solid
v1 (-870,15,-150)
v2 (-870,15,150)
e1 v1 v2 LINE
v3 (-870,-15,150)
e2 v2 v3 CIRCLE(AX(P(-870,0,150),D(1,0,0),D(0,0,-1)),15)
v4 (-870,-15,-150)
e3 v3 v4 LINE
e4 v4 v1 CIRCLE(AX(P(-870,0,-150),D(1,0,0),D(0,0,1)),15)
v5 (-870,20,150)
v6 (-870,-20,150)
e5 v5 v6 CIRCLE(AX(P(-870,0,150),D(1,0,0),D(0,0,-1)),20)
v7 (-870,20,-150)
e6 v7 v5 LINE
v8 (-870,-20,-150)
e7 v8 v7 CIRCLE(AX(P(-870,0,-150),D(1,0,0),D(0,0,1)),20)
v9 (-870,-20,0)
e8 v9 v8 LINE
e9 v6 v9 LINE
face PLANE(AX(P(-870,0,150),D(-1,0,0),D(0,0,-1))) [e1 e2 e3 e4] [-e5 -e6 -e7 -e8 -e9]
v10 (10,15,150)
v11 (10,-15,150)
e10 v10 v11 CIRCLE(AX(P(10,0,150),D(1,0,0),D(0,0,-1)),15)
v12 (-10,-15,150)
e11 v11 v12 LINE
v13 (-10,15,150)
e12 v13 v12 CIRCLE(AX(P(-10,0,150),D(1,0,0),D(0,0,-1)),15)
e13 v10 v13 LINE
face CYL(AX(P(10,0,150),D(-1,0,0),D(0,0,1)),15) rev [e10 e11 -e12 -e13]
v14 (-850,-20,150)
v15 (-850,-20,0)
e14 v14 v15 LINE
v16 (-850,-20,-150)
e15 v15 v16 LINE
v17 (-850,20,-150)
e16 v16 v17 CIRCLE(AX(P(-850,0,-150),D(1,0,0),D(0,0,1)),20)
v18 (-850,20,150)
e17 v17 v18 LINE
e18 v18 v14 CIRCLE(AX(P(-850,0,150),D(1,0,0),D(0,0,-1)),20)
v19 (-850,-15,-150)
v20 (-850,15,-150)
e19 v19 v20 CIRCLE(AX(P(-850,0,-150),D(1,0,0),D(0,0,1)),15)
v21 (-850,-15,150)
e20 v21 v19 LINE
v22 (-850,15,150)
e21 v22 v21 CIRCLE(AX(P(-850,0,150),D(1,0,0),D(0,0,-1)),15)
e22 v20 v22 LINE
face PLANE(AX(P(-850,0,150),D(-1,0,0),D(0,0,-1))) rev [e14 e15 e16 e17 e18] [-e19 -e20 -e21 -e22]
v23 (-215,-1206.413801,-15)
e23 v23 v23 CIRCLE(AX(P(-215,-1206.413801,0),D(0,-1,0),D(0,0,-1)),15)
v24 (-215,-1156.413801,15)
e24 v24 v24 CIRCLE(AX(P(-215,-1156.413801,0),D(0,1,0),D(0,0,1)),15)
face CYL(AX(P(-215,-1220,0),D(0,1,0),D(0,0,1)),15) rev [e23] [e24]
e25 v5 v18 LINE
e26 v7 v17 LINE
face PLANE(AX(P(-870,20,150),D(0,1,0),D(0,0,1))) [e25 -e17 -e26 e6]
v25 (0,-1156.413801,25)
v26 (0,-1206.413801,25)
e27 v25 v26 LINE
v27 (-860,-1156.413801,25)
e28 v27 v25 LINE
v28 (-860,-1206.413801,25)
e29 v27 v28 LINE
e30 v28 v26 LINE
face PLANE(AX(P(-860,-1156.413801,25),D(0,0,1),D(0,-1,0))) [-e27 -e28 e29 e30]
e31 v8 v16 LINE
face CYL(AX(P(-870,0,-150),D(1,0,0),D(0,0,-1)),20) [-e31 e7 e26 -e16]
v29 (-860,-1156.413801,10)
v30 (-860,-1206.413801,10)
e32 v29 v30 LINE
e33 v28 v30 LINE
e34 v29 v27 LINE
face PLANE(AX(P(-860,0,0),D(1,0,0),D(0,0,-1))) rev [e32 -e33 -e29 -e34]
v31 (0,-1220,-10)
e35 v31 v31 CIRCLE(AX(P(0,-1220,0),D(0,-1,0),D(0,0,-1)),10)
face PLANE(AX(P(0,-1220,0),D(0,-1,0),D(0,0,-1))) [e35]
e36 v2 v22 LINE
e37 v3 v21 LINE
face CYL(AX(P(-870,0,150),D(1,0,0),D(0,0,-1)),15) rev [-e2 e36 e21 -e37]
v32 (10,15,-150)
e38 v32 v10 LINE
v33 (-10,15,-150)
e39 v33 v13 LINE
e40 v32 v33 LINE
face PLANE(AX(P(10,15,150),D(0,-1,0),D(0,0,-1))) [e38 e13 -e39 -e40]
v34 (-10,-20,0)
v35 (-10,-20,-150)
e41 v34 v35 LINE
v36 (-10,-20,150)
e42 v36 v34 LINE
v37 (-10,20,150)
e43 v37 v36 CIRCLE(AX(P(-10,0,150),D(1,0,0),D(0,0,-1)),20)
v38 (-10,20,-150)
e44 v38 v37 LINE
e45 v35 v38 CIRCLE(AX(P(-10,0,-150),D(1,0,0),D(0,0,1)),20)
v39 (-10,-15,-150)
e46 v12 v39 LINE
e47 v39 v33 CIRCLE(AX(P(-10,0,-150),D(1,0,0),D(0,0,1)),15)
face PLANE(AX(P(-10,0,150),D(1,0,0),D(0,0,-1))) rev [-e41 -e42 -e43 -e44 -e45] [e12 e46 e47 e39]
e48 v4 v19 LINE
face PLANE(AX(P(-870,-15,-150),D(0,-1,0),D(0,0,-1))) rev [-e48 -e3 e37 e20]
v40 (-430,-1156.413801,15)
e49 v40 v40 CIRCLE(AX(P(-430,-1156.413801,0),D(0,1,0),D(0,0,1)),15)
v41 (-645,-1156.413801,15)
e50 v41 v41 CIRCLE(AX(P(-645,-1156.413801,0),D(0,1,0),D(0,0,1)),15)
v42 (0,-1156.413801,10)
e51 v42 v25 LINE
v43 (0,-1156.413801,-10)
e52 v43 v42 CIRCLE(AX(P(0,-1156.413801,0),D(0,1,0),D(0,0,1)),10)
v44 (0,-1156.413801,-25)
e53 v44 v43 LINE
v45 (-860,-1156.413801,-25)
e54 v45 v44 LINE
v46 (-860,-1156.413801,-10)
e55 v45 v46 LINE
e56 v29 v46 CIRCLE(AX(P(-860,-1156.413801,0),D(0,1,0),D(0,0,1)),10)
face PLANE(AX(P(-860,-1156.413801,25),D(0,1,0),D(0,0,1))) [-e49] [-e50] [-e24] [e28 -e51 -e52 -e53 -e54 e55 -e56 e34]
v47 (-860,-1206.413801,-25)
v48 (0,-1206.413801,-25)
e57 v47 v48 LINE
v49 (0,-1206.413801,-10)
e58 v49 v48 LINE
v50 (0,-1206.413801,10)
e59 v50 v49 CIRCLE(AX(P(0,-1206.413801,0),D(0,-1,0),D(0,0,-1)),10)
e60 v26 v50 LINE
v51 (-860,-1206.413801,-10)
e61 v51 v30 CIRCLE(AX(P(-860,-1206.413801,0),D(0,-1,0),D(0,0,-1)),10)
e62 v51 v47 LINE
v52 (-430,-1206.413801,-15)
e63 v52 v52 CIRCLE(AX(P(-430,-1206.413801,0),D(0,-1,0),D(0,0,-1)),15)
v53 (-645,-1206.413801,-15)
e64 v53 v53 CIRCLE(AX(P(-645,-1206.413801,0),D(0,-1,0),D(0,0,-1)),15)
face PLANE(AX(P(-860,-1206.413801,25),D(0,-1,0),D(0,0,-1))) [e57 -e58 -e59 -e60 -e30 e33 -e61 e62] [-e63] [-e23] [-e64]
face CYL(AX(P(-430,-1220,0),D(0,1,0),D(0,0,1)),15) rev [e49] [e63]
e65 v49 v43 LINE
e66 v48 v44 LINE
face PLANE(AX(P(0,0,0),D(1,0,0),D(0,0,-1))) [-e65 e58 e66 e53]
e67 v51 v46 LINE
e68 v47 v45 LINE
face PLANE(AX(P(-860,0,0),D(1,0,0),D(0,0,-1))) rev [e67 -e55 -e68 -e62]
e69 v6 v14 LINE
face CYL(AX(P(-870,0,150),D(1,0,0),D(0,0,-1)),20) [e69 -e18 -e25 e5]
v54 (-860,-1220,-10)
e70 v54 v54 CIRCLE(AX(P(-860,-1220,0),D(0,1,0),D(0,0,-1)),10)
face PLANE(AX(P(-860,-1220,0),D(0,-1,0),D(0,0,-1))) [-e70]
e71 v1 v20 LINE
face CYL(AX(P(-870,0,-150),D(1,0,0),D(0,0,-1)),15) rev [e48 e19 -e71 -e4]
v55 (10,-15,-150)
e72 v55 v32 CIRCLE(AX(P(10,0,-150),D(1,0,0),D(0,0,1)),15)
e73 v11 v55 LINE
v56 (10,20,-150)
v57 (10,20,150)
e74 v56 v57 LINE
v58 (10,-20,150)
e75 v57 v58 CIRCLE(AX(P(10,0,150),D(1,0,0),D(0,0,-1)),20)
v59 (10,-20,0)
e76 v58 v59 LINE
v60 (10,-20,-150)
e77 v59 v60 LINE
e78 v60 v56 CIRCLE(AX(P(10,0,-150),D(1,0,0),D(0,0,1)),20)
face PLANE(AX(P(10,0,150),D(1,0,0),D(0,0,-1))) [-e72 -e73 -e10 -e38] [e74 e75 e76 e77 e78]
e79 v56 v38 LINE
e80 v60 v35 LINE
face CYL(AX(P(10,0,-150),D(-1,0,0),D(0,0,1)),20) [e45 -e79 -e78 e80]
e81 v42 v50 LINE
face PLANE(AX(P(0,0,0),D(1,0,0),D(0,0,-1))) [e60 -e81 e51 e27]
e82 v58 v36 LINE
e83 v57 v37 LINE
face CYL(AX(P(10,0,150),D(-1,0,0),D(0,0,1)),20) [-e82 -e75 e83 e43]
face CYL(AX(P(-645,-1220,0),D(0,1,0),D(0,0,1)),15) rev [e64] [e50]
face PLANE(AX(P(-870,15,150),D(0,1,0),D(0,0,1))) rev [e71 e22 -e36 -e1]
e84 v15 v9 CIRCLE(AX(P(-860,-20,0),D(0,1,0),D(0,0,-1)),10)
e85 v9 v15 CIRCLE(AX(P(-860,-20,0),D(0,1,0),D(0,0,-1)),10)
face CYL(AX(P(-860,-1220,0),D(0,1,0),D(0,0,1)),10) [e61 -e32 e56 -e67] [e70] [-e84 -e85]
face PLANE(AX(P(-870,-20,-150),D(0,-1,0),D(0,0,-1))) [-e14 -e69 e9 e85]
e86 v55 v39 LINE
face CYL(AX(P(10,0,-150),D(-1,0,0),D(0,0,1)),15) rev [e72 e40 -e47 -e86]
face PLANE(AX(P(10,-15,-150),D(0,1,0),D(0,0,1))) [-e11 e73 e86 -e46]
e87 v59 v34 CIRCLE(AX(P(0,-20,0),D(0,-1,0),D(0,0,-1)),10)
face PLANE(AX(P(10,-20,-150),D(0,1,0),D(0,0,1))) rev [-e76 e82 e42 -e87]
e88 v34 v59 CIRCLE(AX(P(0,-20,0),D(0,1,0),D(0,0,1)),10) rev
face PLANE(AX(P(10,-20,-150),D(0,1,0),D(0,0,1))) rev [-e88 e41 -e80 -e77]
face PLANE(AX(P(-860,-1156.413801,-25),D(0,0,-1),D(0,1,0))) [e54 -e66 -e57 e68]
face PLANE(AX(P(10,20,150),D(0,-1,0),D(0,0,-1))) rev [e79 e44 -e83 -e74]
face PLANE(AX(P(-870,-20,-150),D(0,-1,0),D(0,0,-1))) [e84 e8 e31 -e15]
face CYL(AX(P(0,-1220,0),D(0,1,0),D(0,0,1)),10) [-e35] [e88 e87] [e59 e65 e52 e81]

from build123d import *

# Parameters (mm, degrees)
BOSS_EXTRUDE1_DEPTH     = 10
SKETCH2_R               = 10
BOSS_EXTRUDE2_DEPTH     = 1200
SKETCH4_W               = 50
SKETCH4_H               = 50
BOSS_EXTRUDE3_DEPTH     = 860
CUT_EXTRUDE2_DEPTH      = 1468.122841414
CUT_EXTRUDE2_DEPTH_BACK = 1468.122841414
SKETCH6_R               = 15


with BuildPart() as part:
    # Sketch1 → Boss-Extrude1 (new, symmetric)
    with BuildSketch(Plane(origin=(0, 0, 0), x_dir=(0, 0, -1), z_dir=(1, 0, 0))):
        with BuildLine():
            Line((150, -20), (-150, -20))
            ThreePointArc((-150, -20), (-170, 0), (-150, 20))
            Line((-150, 20), (150, 20))
            ThreePointArc((150, 20), (170, 0), (150, -20))
        make_face()
        with BuildLine():
            Line((-150, 15), (150, 15))
            ThreePointArc((150, 15), (165, 0), (150, -15))
            Line((150, -15), (-150, -15))
            ThreePointArc((-150, -15), (-165, 0), (-150, 15))
        make_face(mode=Mode.SUBTRACT)
    boss_extrude1 = extrude(amount=BOSS_EXTRUDE1_DEPTH, both=True)

    # Sketch2 → Boss-Extrude2 (add)
    with BuildSketch(Plane.XZ.offset(20)):
        with Locations(Location((0, 0, 0), (0, 0, 180))):
            Circle(SKETCH2_R)
    boss_extrude2 = extrude(amount=BOSS_EXTRUDE2_DEPTH)

    # Sketch4 → Boss-Extrude3 (add)
    with BuildSketch(Plane(origin=(0, 0, 0), x_dir=(0, 0, -1), z_dir=(1, 0, 0))):
        with Locations((0, -1181.413801262)):
            Rectangle(SKETCH4_W, SKETCH4_H)
    extrude(amount=-BOSS_EXTRUDE3_DEPTH)

    # Sketch6 → Cut-Extrude2 (cut, two sides: drawn at the far end of the back side and taken through both)
    with BuildSketch(Plane(origin=(0, -1156.413801262, 0), x_dir=(1, 0, 0), z_dir=(0, 1, 0)).offset(-CUT_EXTRUDE2_DEPTH_BACK)):
        with Locations(Location((-645, 0, 0), (0, 0, 270))):
            Circle(SKETCH6_R)
        with Locations(Location((-430, 0, 0), (0, 0, 270))):
            Circle(SKETCH6_R)
        with Locations(Location((-215, 0, 0), (0, 0, 270))):
            Circle(SKETCH6_R)
    extrude(amount=CUT_EXTRUDE2_DEPTH + CUT_EXTRUDE2_DEPTH_BACK, mode=Mode.SUBTRACT)

    # Mirror1: Boss-Extrude2 across plane
    add(boss_extrude2.mirror(Plane(origin=(-430, 0, 0), x_dir=(0, 0, 1), z_dir=(1, 0, 0))))

    # Mirror2: Boss-Extrude1 across plane
    add(boss_extrude1.mirror(Plane(origin=(-430, 0, 0), x_dir=(0, 0, 1), z_dir=(1, 0, 0))))


solid = part.part
